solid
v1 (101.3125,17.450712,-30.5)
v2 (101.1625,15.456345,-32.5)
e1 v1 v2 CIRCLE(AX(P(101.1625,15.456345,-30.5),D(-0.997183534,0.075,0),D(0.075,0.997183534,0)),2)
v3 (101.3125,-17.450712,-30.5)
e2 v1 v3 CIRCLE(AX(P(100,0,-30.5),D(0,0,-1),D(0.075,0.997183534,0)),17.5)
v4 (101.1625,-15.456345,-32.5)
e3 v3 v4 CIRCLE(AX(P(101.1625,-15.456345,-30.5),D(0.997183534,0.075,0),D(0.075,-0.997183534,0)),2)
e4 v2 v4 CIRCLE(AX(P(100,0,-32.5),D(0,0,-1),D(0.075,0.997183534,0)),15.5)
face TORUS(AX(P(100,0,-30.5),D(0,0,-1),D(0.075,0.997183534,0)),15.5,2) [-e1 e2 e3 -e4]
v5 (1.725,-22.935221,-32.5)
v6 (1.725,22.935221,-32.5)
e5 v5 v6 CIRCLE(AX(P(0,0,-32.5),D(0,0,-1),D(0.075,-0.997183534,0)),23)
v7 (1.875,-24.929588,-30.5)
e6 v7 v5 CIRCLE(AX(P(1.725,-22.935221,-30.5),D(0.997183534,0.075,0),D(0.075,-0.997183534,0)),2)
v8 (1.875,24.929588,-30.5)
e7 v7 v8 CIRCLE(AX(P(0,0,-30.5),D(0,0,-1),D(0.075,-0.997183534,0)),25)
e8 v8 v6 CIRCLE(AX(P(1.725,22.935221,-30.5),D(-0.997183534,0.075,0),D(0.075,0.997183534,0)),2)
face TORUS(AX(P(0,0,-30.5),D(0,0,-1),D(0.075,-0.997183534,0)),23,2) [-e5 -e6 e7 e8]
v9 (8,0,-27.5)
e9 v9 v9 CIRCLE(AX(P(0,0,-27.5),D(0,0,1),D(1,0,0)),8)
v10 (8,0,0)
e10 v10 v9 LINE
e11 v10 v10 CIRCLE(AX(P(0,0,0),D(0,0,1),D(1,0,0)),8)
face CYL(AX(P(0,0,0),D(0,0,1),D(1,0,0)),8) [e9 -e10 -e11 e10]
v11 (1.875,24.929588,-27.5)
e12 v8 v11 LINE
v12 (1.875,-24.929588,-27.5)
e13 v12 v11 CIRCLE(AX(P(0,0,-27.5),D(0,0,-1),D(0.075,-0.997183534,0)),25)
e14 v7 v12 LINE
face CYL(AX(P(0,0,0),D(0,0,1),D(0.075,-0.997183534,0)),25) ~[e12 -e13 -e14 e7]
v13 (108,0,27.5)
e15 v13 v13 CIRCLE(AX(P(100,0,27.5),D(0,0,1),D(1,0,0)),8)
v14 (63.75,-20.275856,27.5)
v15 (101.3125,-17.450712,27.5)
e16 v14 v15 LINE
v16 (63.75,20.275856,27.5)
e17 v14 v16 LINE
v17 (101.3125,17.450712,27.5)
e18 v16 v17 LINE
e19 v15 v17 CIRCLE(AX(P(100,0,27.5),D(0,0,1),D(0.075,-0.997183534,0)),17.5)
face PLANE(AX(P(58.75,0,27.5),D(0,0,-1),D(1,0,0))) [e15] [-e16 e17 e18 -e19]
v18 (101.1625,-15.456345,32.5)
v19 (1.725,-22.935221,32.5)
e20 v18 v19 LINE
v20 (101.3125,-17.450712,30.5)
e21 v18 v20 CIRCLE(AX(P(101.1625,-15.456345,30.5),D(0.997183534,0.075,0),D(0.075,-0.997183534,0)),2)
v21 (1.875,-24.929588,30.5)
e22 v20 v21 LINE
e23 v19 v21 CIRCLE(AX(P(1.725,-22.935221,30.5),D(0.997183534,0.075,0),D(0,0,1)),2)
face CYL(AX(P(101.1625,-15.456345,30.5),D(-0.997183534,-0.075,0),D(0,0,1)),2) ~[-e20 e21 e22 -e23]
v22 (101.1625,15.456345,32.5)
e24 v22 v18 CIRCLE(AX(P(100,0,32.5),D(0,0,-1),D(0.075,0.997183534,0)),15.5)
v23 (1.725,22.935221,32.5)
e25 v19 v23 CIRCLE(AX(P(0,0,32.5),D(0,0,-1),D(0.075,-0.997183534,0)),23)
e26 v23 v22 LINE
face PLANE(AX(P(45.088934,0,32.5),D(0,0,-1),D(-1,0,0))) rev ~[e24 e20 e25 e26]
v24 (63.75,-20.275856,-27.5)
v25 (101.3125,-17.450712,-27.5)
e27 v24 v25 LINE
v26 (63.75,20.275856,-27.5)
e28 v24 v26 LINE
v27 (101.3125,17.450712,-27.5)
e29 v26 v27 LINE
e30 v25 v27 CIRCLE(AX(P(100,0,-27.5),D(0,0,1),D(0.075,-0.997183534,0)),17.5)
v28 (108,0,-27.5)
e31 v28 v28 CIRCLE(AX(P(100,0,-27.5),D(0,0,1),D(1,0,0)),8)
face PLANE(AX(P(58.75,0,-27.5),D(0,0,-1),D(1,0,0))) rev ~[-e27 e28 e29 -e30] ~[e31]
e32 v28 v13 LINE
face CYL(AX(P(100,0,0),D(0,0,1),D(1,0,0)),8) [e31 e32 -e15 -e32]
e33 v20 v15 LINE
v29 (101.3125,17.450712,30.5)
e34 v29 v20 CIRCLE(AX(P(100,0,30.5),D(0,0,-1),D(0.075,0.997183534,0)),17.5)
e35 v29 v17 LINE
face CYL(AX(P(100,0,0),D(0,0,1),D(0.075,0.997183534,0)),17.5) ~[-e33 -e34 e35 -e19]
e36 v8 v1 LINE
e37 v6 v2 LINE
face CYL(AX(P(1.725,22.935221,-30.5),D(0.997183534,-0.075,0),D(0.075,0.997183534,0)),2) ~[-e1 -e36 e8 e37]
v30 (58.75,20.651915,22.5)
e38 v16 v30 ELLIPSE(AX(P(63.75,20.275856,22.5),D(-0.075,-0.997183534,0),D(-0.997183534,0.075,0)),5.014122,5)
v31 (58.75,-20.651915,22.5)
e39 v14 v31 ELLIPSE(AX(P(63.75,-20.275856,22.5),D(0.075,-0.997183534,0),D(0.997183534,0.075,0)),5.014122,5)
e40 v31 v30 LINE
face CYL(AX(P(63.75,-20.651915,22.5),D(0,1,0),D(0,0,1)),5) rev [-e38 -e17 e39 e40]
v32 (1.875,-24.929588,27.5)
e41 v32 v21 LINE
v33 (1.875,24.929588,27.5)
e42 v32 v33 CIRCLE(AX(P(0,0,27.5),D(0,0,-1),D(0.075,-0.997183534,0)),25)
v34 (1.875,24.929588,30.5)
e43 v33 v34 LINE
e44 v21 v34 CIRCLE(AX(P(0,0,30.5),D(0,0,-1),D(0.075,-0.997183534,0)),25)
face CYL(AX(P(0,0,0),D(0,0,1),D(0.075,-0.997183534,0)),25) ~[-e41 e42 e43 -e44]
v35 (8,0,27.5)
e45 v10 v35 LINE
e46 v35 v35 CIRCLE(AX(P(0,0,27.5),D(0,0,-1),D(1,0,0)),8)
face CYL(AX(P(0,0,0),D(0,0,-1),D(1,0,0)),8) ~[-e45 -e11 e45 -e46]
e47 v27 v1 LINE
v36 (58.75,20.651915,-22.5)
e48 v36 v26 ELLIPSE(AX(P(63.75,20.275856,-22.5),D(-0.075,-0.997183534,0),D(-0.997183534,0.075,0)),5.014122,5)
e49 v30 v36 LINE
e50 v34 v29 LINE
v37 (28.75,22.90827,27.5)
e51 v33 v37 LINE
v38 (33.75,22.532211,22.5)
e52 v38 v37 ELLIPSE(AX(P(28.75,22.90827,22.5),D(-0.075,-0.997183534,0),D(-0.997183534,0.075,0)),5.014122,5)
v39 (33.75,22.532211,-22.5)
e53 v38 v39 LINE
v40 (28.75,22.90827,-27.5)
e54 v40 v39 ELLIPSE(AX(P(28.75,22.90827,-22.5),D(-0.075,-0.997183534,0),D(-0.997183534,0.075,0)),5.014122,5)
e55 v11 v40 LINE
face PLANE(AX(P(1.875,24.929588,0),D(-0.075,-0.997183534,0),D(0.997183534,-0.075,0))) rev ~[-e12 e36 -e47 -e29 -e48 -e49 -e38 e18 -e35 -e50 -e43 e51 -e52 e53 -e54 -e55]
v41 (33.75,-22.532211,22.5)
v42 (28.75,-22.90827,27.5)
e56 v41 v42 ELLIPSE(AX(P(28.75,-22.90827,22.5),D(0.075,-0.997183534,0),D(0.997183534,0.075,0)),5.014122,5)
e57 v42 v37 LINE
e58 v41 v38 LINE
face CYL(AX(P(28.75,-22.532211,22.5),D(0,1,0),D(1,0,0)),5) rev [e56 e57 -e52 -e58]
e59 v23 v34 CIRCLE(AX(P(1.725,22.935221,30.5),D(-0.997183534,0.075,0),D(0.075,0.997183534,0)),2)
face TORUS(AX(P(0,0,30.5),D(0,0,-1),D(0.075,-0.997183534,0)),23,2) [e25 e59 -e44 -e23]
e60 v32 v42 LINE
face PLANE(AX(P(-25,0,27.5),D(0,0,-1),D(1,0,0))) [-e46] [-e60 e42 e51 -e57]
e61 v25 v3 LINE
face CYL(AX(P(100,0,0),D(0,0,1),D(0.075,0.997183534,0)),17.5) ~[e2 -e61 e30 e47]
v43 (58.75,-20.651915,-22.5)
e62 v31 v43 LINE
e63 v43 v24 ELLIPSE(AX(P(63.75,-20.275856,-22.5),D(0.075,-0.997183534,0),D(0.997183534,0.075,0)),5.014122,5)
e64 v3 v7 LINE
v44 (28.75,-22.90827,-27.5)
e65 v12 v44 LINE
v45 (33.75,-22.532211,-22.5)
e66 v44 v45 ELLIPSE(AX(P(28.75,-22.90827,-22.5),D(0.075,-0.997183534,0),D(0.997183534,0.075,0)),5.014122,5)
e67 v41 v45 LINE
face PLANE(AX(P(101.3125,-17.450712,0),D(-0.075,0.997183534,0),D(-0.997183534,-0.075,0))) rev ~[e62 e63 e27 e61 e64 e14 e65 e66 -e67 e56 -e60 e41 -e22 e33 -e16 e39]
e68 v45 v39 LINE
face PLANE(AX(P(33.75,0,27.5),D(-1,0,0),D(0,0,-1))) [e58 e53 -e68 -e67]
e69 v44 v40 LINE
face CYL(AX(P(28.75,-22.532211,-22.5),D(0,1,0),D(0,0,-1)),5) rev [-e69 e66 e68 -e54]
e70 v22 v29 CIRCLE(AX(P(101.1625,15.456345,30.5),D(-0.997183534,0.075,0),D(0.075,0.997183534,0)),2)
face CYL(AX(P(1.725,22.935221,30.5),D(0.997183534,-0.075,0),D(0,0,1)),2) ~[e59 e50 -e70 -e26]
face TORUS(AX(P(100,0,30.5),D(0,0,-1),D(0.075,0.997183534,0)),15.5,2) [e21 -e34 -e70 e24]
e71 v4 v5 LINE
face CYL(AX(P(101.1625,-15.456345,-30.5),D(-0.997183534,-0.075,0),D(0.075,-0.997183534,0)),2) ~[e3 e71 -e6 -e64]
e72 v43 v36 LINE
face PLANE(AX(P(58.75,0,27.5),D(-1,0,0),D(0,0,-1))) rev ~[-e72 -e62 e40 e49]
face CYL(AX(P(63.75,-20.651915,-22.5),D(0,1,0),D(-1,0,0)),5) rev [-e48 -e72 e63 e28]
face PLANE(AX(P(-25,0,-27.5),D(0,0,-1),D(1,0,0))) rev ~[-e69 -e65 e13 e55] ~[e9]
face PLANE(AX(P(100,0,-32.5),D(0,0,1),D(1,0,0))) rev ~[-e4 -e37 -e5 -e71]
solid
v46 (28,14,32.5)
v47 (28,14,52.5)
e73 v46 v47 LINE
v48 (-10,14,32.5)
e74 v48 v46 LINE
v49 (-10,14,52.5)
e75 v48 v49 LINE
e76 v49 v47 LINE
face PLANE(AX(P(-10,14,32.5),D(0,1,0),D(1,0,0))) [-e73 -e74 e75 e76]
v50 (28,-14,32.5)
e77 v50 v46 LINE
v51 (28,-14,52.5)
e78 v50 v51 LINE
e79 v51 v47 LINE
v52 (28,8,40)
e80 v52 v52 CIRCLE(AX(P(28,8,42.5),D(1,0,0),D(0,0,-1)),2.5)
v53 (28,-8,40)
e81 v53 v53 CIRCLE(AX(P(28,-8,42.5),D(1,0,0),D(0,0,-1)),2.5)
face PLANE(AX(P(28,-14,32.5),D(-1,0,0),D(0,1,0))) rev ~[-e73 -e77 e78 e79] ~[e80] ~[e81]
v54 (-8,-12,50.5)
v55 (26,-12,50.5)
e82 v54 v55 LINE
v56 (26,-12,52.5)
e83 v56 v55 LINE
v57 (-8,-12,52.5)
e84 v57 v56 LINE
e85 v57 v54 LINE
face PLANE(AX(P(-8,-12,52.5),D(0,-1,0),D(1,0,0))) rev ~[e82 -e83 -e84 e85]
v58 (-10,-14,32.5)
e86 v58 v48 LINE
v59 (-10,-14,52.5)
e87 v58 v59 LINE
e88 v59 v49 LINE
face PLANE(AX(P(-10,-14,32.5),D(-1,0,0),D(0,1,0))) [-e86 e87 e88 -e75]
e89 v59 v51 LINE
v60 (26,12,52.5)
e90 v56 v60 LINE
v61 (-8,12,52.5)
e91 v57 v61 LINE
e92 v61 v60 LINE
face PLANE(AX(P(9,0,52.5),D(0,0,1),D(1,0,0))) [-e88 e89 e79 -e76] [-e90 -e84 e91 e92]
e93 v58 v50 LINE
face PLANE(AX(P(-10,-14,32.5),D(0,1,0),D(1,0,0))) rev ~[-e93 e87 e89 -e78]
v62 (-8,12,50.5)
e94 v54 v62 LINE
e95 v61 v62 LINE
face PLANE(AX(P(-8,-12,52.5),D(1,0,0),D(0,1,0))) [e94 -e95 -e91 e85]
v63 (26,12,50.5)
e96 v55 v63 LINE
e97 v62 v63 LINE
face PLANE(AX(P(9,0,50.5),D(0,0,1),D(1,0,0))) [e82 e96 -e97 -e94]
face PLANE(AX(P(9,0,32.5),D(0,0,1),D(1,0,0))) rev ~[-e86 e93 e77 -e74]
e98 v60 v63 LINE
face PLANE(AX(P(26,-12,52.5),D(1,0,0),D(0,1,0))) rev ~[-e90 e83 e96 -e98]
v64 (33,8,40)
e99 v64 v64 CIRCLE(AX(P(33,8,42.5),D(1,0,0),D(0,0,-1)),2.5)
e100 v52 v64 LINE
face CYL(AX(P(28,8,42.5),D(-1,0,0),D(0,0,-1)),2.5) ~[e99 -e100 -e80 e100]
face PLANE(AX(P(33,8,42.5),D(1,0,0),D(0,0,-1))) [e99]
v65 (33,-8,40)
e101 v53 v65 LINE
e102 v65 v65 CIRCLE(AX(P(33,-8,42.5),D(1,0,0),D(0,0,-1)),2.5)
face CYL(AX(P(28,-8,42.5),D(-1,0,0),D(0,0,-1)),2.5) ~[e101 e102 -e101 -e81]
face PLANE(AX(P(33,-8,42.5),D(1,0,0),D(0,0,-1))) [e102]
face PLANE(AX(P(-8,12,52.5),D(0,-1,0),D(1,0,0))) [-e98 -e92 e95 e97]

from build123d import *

# Parameters (mm, degrees)
Y_KSEKLIK_EKSTR_ZYON1_DEPTH = 32.5
IZIM3_W                     = 58.75
IZIM3_H                     = 55
KES_EKSTR_ZYON1_DEPTH       = 26
KES_EKSTR_ZYON1_DEPTH_BACK  = 26
IZIM4_R                     = 8
Y_KSEKLIK_EKSTR_ZYON2_DEPTH = 32.5
RADYUS1_R                   = 5
IZIM5_W                     = 38
IZIM5_H                     = 28
Y_KSEKLIK_EKSTR_ZYON3_DEPTH = 20
IZIM6_R                     = 2.5
Y_KSEKLIK_EKSTR_ZYON4_DEPTH = 5
IZIM7_W                     = 34
IZIM7_H                     = 24
KES_EKSTR_ZYON2_DEPTH       = 2
RADYUS2_R                   = 2


with BuildPart() as part:
    # Çizim1 → Yükseklik-Ekstrüzyon1 (new body, symmetric)
    with BuildSketch(Plane.XY):
        with BuildLine():
            Line((1.875, 24.929588344), (101.3125, 17.450711841))
            ThreePointArc((101.3125, 17.450711841), (117.5, 0), (101.3125, -17.450711841))
            Line((101.3125, -17.450711841), (1.875, -24.929588344))
            ThreePointArc((1.875, -24.929588344), (-25, 0), (1.875, 24.929588344))
        make_face()
    extrude(amount=Y_KSEKLIK_EKSTR_ZYON1_DEPTH, both=True)

    # Çizim3 → Kes-Ekstrüzyon1 (cut, two sides)
    with BuildSketch(Plane(origin=(0, 0, 0), x_dir=(1, 0, 0), z_dir=(0, 1, 0))) as kes_ekstr_zyon1_sk:
        with Locations((4.375, 0)):
            Rectangle(IZIM3_W, IZIM3_H)
        with Locations((88.125, 0)):
            Rectangle(IZIM3_W, IZIM3_H)
    extrude(amount=KES_EKSTR_ZYON1_DEPTH, mode=Mode.SUBTRACT)
    extrude(kes_ekstr_zyon1_sk.sketch, amount=-KES_EKSTR_ZYON1_DEPTH_BACK, mode=Mode.SUBTRACT)

    # Çizim4 → Yükseklik-Ekstrüzyon2 (add, symmetric)
    with BuildSketch(Plane.XY):
        Circle(IZIM4_R)
        with Locations((100, 0)):
            Circle(IZIM4_R)
    extrude(amount=Y_KSEKLIK_EKSTR_ZYON2_DEPTH, both=True)

    # Radyus1
    radyus1_edges = [part.edges().sort_by_distance(p)[0] for p in [
        (33.75, 0, -27.5),
        (33.75, 0, 27.5),
        (58.75, 0, 27.5),
        (58.75, 0, -27.5),
    ]]
    fillet(radyus1_edges, radius=RADYUS1_R)

    # Radyus2
    radyus2_edges = [part.edges().sort_by_distance(p)[0] for p in [
        (117.5, 0, 32.5),
        (51.59375, 21.190150092, 32.5),
        (-25, 0, 32.5),
        (51.59375, 21.190150092, -32.5),
        (117.5, 0, -32.5),
        (51.59375, -21.190150092, -32.5),
        (-25, 0, -32.5),
        (51.59375, -21.190150092, 32.5),
    ]]
    fillet(radyus2_edges, radius=RADYUS2_R)


with BuildPart() as body_2:
    # Çizim5 → Yükseklik-Ekstrüzyon3 (new body)
    with BuildSketch(Plane.XY.offset(32.5)):
        with Locations((9, 0)):
            Rectangle(IZIM5_W, IZIM5_H)
    extrude(amount=Y_KSEKLIK_EKSTR_ZYON3_DEPTH)

    # Çizim6 → Yükseklik-Ekstrüzyon4 (add)
    with BuildSketch(Plane(origin=(28, 0, 0), x_dir=(0, 0, -1), z_dir=(1, 0, 0))):
        with Locations((-42.5, 8)):
            Circle(IZIM6_R)
        with Locations((-42.5, -8)):
            Circle(IZIM6_R)
    extrude(amount=Y_KSEKLIK_EKSTR_ZYON4_DEPTH)

    # Çizim7 → Kes-Ekstrüzyon2 (cut)
    with BuildSketch(Plane.XY.offset(52.5)):
        with Locations((9, 0)):
            Rectangle(IZIM7_W, IZIM7_H)
    extrude(amount=-KES_EKSTR_ZYON2_DEPTH, mode=Mode.SUBTRACT)


solid = Compound([part.part, body_2.part])
